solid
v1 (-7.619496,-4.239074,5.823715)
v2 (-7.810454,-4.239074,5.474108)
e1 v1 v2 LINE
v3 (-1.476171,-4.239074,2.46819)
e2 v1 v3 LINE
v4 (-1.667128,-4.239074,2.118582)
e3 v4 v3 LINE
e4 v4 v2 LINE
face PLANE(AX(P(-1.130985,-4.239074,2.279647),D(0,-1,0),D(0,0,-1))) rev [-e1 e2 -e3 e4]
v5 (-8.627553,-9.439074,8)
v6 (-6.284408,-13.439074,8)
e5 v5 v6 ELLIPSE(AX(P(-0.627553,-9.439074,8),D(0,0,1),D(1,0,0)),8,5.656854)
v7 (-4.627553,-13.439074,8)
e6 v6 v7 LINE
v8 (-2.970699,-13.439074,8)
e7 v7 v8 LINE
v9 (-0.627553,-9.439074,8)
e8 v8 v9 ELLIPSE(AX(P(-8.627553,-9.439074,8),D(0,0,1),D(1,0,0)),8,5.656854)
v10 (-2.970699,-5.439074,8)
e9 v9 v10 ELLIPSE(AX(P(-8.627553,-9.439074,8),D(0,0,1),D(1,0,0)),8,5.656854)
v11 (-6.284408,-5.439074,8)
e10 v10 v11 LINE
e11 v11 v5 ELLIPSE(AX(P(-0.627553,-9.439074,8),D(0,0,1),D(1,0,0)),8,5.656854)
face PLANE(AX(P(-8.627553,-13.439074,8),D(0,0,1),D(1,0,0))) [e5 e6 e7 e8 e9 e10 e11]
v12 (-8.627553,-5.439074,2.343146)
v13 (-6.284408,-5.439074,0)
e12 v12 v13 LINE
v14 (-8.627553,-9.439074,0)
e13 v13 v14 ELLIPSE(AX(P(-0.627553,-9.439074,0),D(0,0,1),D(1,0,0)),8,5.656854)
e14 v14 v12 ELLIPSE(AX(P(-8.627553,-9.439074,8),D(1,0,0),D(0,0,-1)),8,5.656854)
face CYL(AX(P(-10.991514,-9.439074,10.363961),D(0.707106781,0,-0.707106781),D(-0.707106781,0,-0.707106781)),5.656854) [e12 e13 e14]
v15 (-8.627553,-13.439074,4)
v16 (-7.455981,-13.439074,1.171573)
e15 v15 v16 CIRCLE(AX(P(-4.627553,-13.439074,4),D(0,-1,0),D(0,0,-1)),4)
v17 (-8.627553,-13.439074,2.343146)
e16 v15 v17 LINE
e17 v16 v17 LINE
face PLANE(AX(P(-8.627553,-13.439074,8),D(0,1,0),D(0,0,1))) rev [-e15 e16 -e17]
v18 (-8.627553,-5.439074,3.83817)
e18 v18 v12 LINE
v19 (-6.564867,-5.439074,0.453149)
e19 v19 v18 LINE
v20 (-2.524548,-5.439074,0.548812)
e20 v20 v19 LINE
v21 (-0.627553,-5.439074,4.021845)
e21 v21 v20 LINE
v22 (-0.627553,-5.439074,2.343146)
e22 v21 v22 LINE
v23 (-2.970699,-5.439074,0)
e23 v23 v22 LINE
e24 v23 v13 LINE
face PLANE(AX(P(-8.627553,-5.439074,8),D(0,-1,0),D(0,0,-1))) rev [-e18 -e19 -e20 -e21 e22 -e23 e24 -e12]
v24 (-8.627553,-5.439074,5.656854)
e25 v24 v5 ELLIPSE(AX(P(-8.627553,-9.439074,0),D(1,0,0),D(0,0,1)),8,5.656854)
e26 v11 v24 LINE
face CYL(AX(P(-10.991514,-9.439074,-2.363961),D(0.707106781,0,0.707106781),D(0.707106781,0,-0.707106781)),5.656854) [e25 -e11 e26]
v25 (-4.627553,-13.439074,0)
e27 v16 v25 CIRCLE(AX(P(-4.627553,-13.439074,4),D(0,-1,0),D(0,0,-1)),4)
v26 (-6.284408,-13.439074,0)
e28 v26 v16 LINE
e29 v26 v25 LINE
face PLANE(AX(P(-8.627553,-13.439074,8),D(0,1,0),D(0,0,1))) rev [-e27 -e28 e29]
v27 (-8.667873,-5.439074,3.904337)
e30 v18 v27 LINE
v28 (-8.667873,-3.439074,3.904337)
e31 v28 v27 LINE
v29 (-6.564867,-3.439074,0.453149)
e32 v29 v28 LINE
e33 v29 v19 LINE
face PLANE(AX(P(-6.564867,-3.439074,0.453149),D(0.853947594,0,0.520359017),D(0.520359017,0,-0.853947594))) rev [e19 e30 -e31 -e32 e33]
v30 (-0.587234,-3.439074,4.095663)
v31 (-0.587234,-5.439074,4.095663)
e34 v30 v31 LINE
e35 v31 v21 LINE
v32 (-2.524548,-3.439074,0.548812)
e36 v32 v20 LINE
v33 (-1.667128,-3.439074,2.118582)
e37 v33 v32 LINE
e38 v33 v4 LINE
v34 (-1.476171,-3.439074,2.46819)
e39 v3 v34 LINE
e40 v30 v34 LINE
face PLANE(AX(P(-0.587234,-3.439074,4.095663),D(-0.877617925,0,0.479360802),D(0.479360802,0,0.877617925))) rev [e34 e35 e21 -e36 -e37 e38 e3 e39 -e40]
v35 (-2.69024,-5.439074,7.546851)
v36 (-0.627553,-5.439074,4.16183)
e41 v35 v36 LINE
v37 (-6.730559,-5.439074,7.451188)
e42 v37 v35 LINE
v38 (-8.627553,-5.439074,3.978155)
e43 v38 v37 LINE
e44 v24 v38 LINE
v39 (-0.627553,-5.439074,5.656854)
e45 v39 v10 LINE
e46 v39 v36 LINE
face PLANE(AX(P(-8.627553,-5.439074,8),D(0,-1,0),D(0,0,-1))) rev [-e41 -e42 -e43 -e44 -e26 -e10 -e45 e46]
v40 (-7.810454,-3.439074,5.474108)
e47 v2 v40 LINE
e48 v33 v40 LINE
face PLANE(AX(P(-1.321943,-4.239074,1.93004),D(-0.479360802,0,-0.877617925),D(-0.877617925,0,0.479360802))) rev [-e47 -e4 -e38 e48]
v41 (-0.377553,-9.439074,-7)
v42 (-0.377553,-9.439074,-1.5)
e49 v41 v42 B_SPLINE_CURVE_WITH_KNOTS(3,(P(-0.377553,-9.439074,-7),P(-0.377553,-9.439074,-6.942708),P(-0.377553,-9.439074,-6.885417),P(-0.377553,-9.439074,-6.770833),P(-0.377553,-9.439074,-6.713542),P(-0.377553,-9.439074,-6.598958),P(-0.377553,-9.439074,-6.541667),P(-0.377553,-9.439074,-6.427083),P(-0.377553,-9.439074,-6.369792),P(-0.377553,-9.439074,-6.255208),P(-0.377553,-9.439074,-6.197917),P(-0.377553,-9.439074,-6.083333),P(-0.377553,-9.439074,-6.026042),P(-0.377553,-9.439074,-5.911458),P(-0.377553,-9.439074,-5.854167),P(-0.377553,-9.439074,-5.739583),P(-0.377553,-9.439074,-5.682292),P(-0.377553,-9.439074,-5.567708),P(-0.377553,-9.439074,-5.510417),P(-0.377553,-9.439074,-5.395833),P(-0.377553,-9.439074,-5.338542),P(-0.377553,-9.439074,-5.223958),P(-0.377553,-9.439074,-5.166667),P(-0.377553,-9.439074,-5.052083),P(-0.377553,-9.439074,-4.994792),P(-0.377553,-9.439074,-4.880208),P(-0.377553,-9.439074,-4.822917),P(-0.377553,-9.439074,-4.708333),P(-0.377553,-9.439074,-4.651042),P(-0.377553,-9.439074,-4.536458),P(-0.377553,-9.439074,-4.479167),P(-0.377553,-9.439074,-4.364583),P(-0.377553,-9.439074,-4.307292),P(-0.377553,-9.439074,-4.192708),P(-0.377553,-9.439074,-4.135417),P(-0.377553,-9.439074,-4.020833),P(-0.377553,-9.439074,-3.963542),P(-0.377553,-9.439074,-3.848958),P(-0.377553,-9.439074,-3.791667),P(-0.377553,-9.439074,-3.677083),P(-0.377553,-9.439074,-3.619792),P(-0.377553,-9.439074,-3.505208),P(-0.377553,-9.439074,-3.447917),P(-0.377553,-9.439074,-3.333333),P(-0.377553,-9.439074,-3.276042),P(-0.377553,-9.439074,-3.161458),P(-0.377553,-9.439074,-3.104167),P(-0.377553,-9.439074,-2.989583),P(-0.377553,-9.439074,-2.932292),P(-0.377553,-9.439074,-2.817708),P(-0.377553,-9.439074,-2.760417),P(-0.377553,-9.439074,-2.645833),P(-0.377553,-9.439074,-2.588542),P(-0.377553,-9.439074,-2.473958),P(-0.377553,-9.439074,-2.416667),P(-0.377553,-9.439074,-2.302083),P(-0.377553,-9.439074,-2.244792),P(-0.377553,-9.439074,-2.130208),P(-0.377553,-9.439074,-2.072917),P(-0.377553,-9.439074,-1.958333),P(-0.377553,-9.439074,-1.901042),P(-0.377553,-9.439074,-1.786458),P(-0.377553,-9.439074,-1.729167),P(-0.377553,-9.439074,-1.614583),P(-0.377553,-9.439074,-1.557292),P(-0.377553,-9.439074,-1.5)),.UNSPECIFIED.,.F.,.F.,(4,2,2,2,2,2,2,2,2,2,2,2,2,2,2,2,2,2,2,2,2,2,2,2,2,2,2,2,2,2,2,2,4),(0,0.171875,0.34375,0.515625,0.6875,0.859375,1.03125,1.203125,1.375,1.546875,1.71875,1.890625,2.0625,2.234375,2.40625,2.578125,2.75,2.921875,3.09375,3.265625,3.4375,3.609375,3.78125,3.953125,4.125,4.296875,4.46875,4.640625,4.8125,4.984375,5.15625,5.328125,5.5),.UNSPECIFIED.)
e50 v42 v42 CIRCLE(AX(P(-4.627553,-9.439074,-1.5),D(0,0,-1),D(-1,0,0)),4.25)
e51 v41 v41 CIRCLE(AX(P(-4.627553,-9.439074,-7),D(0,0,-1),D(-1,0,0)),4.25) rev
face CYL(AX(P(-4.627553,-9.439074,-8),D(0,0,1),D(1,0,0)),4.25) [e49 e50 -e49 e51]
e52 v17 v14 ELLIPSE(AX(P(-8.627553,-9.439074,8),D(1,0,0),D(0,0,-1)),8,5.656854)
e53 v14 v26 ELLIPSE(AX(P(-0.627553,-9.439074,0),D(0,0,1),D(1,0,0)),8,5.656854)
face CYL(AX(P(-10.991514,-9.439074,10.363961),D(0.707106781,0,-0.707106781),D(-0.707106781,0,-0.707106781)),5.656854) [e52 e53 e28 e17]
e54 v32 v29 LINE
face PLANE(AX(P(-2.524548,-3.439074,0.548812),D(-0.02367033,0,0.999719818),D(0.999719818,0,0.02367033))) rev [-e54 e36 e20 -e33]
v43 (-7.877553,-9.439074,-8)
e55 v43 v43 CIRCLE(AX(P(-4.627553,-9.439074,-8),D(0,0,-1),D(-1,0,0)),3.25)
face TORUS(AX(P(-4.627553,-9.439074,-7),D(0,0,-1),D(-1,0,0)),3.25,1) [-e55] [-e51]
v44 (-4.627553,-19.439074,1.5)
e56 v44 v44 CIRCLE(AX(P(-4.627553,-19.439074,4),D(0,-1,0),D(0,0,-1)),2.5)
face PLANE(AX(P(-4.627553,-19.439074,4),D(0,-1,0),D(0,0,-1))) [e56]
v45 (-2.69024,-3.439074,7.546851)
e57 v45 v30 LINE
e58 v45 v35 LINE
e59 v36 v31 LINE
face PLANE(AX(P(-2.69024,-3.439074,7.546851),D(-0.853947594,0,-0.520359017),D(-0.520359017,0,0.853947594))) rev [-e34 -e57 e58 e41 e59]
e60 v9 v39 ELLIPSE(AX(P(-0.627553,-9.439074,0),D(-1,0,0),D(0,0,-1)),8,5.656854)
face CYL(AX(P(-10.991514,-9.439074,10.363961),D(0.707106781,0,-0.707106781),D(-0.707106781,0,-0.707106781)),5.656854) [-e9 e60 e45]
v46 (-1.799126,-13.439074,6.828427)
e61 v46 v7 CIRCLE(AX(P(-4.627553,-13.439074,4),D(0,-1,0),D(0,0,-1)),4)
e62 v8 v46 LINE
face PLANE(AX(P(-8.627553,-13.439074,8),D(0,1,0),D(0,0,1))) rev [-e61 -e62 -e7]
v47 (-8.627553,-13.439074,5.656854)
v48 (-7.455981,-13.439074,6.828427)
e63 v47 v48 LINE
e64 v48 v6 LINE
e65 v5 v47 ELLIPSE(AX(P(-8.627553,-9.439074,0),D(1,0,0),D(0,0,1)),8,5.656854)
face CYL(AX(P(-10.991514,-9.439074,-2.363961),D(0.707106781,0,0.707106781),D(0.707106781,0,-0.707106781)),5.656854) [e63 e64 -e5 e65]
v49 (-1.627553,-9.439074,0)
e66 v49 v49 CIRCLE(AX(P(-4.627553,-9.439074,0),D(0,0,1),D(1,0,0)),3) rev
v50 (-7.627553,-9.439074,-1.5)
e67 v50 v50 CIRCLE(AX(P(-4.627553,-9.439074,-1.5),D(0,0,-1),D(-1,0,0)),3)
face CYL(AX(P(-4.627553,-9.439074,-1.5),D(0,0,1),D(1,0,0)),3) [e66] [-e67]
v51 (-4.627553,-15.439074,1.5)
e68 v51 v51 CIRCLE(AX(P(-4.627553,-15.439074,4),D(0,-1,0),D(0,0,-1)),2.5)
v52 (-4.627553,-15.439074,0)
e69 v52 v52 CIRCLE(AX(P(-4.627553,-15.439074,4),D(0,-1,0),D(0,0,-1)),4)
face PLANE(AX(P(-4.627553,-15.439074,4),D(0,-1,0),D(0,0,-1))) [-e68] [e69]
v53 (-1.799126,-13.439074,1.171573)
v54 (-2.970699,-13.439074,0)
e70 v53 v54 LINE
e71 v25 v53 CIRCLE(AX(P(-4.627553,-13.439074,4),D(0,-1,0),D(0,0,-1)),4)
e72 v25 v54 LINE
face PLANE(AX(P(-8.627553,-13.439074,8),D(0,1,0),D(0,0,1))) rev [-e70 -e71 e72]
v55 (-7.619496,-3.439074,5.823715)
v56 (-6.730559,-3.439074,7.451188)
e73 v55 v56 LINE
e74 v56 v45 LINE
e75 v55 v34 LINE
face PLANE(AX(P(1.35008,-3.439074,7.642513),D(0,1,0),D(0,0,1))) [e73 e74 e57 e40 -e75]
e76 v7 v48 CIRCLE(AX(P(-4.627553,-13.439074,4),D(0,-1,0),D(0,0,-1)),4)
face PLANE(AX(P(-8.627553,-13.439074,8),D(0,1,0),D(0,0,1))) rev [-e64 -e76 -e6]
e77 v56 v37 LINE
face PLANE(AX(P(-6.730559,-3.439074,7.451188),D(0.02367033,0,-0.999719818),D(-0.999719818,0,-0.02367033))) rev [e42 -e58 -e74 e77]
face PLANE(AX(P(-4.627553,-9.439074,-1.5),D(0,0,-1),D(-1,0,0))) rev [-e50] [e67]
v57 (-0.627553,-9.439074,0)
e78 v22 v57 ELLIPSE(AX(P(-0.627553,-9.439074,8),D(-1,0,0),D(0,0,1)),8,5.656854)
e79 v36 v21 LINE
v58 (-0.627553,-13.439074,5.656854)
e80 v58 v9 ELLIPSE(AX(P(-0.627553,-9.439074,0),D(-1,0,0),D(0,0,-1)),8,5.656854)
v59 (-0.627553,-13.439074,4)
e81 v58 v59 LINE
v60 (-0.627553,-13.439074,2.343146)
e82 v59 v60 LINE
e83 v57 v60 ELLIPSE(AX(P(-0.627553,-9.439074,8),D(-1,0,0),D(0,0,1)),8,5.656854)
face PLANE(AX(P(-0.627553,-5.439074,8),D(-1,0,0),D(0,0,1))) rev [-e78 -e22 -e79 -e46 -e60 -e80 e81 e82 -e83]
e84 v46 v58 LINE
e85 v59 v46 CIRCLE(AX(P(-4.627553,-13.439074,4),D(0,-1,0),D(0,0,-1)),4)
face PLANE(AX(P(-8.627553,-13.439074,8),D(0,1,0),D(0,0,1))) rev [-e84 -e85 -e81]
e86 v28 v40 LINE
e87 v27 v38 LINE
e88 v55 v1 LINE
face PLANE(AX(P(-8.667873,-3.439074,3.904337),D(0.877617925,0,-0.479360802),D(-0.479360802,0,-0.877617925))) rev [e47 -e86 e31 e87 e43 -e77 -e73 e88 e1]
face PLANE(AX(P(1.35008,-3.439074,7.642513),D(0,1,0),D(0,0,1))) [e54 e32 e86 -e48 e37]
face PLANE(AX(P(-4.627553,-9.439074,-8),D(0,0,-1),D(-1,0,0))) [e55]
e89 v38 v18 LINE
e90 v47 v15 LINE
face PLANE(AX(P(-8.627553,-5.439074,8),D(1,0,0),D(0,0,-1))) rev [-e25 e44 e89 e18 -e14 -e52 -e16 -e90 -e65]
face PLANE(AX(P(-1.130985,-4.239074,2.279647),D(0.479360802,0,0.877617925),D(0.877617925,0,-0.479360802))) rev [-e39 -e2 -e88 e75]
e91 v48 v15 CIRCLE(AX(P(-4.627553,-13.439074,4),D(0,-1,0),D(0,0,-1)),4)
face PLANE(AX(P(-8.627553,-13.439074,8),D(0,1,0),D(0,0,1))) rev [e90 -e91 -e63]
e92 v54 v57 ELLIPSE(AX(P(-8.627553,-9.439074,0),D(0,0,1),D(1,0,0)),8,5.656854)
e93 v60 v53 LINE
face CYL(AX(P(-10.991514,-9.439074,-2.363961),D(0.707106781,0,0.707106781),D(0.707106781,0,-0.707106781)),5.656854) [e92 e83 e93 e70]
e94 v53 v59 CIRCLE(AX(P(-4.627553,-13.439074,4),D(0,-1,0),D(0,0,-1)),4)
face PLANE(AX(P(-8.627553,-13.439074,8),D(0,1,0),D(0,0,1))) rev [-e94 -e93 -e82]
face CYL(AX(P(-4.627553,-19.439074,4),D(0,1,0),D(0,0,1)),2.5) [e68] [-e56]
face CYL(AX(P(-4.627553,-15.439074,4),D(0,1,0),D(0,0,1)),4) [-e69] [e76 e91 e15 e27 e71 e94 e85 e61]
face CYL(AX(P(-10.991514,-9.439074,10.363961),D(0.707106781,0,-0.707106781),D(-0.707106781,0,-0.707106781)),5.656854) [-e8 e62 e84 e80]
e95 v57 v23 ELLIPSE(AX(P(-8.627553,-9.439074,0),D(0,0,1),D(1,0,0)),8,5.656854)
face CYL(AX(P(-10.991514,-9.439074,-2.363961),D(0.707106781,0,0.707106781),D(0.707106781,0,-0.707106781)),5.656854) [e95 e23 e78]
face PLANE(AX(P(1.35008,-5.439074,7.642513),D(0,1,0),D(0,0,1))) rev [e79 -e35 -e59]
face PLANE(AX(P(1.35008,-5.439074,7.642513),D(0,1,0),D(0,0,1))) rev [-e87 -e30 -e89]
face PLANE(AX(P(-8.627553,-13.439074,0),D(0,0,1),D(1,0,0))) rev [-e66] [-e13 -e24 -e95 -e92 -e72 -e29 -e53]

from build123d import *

# Parameters (mm, degrees)
ESQUISSE1_W             = 8
ESQUISSE1_H             = 8
EXTRUSION1_DEPTH        = 8
ESQUISSE2_R             = 7.864437578
ESQUISSE2_R_2           = 5.656854249
ENL_V_MAT_EXTRU_1_DEPTH = 9
ESQUISSE3_R             = 8.352248068
ESQUISSE3_R_2           = 5.656854249
ENL_V_MAT_EXTRU_2_DEPTH = 9
EXTRUSION2_DEPTH        = 2
ESQUISSE5_R             = 4
EXTRUSION3_DEPTH        = 2
ESQUISSE6_R             = 2.5
EXTRUSION4_DEPTH        = 4
ESQUISSE7_R             = 3
EXTRUSION5_DEPTH        = 1.5
ESQUISSE8_R             = 4.25
EXTRUSION6_DEPTH        = 6.5
CONG_1_R                = 1
ENL_V_MAT_EXTRU_3_DEPTH = 0.8


with BuildPart() as part:
    # Esquisse1 → Extrusion1 (new body)
    with BuildSketch(Plane.XY):
        with Locations((-4.627553444, -9.439073634)):
            Rectangle(ESQUISSE1_W, ESQUISSE1_H)
    extrude(amount=EXTRUSION1_DEPTH)

    # Esquisse2 → Enlèv. mat.-Extru.1 (cut, symmetric)
    with BuildSketch(Plane(origin=(-4.313776722, 0, 4.313776722), x_dir=(-0.7071067811865488, 0, -0.7071067811865462), z_dir=(0.7071067811865462, 0, -0.7071067811865488))):
        with Locations((0.443747296, -9.439073634)):
            Circle(ESQUISSE2_R)
        with Locations((0.443747296, -9.439073634)):
            Circle(ESQUISSE2_R_2, mode=Mode.SUBTRACT)
    extrude(amount=ENL_V_MAT_EXTRU_1_DEPTH, both=True, mode=Mode.SUBTRACT)

    # Esquisse3 → Enlèv. mat.-Extru.2 (cut, symmetric)
    with BuildSketch(Plane(origin=(-0.313776722, 0, -0.313776722), x_dir=(0.7071067811865483, 0, -0.7071067811865468), z_dir=(0.7071067811865468, 0, 0.7071067811865483))):
        with Locations((-6.100601545, -9.439073634)):
            Circle(ESQUISSE3_R)
        with Locations((-6.100601545, -9.439073634)):
            Circle(ESQUISSE3_R_2, mode=Mode.SUBTRACT)
    extrude(amount=ENL_V_MAT_EXTRU_2_DEPTH, both=True, mode=Mode.SUBTRACT)

    # Esquisse4 → Extrusion2 (add)
    with BuildSketch(Plane(origin=(0, -5.439073634, 0), x_dir=(-1, 0, 0), z_dir=(0, 1, 0))):
        Polygon((2.690239828, 7.546850615), (0.5872339, 4.095662501), (2.524547516, 0.548811886), (6.564867061, 0.453149385), (8.667872988, 3.904337499), (6.730559372, 7.451188114), align=None)
    extrude(amount=EXTRUSION2_DEPTH)

    # Esquisse5 → Extrusion3 (add)
    with BuildSketch(Plane.XZ.offset(13.439073634)):
        with Locations(Location((-4.627553444, 4, 0), (0, 0, 270))):
            Circle(ESQUISSE5_R)
    extrude(amount=EXTRUSION3_DEPTH)

    # Esquisse6 → Extrusion4 (add)
    with BuildSketch(Plane.XZ.offset(15.439073634)):
        with Locations(Location((-4.627553444, 4, 0), (0, 0, 270))):
            Circle(ESQUISSE6_R)
    extrude(amount=EXTRUSION4_DEPTH)

    # Esquisse7 → Extrusion5 (add)
    with BuildSketch(Plane(origin=(0, 0, 0), x_dir=(-1, 0, 0), z_dir=(0, 0, -1))):
        with Locations(Location((4.627553444, -9.439073634, 0), (0, 0, 180))):
            Circle(ESQUISSE7_R)
    extrude(amount=EXTRUSION5_DEPTH)

    # Esquisse8 → Extrusion6 (add)
    with BuildSketch(Plane(origin=(0, 0, -1.5), x_dir=(-1, 0, 0), z_dir=(0, 0, -1))):
        with Locations(Location((4.627553444, -9.439073634, 0), (0, 0, 180))):
            Circle(ESQUISSE8_R)
    extrude(amount=EXTRUSION6_DEPTH)

    # Congé1
    cong_1_edges = [part.edges().sort_by_distance(p)[0] for p in [
        (-8.877553444, -9.439073634, -8),
    ]]
    fillet(cong_1_edges, radius=CONG_1_R)

    # Esquisse9 → Enlèv. mat.-Extru.3 (cut)
    with BuildSketch(Plane(origin=(0, -3.439073634, 0), x_dir=(-1, 0, 0), z_dir=(0, 1, 0))):
        Polygon((1.321943124, 1.93003998), (8.151603046, 5.660446078), (7.960645286, 6.010053204), (1.130985365, 2.279647106), align=None)
    extrude(amount=-ENL_V_MAT_EXTRU_3_DEPTH, mode=Mode.SUBTRACT)


solid = part.part
